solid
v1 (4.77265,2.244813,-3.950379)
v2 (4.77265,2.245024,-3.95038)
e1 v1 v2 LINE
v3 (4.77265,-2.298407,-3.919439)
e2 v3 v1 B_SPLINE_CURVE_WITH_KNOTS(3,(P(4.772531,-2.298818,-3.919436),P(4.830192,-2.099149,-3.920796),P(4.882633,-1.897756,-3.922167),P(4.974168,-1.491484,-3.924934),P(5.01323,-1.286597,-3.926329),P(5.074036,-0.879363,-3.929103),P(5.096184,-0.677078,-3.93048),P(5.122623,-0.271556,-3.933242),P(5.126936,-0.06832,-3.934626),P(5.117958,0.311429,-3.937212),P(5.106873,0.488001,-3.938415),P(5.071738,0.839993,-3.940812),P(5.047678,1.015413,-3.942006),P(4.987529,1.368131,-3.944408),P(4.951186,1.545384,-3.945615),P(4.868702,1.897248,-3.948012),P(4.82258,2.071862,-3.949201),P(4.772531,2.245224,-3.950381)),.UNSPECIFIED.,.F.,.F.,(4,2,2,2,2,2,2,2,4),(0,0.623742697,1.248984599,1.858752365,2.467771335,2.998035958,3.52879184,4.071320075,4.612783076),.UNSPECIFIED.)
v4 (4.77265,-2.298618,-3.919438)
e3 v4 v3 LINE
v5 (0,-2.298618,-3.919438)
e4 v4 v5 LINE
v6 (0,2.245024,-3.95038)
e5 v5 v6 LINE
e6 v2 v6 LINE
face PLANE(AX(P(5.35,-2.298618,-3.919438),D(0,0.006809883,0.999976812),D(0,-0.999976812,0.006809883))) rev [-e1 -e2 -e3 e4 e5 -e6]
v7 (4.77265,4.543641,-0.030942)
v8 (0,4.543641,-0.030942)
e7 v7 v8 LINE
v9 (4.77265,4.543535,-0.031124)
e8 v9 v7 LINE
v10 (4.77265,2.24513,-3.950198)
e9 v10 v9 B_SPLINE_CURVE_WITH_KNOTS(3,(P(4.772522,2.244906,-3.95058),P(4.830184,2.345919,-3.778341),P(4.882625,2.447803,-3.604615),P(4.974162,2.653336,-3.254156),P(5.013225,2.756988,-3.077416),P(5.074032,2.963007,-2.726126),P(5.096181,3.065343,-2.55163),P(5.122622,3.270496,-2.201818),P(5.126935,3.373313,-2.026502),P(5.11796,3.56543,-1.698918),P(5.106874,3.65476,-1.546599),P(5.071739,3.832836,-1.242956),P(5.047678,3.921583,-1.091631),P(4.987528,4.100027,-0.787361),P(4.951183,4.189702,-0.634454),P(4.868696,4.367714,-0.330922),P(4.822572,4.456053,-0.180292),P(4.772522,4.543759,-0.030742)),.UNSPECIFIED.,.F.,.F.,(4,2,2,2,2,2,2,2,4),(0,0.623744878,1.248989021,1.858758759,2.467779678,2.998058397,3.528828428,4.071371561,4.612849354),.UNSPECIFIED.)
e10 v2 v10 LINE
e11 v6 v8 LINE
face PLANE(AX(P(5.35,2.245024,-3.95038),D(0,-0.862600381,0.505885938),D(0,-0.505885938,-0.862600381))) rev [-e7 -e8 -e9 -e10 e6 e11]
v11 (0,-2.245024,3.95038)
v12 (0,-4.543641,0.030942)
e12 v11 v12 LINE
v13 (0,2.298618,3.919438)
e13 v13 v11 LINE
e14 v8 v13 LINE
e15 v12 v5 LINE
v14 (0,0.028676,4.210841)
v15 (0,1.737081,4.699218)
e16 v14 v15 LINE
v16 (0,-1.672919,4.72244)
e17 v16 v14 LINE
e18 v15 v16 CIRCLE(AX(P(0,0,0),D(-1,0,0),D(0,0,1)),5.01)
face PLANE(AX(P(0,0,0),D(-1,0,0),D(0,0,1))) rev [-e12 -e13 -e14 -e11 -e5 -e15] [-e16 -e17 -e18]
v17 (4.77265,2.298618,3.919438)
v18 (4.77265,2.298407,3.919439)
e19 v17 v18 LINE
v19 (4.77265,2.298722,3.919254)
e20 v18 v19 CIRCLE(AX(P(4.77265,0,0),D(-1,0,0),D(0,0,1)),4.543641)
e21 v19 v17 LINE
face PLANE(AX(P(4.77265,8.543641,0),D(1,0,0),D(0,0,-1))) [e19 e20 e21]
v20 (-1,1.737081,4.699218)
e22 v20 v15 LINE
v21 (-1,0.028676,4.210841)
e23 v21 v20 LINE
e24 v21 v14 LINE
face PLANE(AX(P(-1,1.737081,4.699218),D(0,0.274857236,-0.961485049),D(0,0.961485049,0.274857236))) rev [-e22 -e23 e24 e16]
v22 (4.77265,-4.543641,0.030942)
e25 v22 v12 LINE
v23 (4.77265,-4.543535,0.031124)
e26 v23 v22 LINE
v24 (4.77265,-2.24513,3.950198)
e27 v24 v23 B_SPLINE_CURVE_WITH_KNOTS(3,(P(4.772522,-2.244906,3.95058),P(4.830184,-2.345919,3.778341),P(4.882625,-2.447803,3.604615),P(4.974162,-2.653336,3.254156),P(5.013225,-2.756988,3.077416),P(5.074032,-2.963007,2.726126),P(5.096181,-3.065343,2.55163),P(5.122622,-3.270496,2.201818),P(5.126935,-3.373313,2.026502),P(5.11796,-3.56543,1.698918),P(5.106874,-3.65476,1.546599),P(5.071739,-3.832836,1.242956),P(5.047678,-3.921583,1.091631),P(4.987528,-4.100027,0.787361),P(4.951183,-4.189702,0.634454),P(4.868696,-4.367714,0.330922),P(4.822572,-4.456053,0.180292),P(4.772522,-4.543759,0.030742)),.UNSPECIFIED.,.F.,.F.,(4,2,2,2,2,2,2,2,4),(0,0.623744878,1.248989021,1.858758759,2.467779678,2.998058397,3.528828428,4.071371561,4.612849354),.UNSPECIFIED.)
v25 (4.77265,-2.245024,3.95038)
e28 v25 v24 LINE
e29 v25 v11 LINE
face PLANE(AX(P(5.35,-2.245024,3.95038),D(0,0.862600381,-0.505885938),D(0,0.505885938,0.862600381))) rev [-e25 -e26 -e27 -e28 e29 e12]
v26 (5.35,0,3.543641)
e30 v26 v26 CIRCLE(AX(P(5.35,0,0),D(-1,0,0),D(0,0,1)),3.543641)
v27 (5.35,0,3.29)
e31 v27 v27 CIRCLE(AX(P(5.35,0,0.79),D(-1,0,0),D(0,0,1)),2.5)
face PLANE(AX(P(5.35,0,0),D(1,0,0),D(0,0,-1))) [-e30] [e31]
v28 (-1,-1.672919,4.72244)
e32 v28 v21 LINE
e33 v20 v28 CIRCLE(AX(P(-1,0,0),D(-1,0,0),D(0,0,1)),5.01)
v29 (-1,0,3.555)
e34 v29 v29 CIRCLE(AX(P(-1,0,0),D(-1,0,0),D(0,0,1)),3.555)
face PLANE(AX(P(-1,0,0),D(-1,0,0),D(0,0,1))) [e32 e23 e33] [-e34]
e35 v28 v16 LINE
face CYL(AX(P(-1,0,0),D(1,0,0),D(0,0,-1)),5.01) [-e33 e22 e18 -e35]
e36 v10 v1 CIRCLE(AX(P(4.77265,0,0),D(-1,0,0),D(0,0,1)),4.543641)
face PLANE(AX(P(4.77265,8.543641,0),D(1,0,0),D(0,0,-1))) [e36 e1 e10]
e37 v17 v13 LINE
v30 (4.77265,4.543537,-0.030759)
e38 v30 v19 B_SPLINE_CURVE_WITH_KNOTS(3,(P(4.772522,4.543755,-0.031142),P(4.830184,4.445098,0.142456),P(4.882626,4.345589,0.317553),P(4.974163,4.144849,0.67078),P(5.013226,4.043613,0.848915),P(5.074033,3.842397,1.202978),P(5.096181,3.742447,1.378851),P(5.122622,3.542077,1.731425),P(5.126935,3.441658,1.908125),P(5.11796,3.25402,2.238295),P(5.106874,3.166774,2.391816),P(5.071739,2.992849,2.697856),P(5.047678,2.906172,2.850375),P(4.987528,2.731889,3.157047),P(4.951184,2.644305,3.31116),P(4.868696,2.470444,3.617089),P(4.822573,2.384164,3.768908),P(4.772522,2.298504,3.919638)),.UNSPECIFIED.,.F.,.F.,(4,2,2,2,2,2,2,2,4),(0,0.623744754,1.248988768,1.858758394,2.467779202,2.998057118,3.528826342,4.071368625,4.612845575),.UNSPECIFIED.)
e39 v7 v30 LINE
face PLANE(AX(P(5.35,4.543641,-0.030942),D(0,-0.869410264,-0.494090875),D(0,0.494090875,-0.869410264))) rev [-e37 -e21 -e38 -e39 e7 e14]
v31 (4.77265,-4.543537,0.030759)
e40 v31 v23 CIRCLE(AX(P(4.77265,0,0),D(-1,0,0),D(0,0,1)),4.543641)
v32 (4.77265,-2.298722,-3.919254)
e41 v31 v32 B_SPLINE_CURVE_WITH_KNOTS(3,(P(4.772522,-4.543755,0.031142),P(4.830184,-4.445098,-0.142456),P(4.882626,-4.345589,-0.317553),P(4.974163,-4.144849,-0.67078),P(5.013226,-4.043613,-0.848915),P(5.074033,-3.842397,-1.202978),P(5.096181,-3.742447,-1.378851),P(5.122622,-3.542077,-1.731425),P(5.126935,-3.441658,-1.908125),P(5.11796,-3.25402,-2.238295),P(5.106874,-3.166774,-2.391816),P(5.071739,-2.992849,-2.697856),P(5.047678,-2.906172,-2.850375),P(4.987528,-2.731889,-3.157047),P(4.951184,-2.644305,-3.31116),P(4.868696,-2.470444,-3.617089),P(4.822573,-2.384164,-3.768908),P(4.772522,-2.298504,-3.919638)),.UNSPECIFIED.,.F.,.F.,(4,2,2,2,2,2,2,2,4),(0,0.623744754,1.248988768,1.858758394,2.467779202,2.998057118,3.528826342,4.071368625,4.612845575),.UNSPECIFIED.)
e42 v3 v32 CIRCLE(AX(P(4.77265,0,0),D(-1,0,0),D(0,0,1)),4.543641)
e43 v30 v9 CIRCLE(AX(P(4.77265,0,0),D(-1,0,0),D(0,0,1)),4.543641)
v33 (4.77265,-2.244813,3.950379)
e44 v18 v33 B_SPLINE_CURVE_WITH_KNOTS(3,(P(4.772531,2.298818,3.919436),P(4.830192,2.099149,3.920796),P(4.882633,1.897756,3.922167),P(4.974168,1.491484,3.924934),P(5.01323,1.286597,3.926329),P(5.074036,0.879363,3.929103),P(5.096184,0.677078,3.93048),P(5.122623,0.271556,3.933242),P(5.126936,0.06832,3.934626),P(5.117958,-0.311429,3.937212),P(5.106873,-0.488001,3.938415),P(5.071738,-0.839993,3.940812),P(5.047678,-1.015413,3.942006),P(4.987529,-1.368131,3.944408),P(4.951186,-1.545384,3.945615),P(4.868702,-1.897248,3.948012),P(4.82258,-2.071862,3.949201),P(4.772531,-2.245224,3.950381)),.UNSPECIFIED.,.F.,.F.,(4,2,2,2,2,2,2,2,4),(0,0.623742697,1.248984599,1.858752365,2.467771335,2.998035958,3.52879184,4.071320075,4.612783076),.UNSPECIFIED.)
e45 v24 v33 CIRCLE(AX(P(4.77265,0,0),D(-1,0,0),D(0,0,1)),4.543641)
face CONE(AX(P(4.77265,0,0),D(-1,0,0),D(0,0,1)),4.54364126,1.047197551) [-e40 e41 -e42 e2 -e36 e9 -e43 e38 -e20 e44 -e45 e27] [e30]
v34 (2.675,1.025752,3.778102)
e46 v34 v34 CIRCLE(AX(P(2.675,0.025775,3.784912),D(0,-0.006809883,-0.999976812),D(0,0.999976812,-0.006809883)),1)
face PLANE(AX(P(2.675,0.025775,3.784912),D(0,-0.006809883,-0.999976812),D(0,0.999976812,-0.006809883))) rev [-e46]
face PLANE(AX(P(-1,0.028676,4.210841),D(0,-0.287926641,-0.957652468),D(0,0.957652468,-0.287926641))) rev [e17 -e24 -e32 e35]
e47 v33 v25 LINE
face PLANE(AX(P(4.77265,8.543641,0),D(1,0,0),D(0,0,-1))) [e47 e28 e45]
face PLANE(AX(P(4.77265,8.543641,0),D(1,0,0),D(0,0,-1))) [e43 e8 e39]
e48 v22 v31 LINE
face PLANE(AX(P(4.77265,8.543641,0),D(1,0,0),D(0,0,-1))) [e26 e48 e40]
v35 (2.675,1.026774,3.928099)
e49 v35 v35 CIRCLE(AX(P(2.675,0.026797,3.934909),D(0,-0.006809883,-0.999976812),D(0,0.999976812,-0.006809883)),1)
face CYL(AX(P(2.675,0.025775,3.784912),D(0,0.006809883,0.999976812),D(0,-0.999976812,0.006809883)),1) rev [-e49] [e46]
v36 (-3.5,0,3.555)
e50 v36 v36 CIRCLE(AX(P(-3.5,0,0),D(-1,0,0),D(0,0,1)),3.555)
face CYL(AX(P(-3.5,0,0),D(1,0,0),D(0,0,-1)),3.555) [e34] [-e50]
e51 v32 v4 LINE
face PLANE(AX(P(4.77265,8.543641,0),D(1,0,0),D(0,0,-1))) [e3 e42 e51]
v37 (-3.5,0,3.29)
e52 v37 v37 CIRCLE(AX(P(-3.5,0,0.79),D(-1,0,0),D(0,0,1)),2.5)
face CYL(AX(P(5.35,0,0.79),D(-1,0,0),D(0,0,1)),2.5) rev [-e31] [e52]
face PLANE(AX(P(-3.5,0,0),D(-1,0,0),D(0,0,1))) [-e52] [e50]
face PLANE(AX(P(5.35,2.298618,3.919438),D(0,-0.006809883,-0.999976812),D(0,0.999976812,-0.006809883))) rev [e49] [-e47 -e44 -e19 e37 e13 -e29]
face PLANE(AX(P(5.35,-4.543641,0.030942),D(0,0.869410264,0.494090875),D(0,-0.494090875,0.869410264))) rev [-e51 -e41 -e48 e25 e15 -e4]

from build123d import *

# Parameters (mm, degrees)
BOSS_EXTRUDE1_DEPTH = 5.35
BOSS_EXTRUDE3_DEPTH = 1
SKETCH4_R           = 3.555
BOSS_EXTRUDE4_DEPTH = 2.5
SKETCH5_R           = 1
CUT_EXTRUDE3_DEPTH  = 0.15
SKETCH3_R           = 2.5
CUT_EXTRUDE5_DEPTH  = 9.85


with BuildPart() as part:
    # Sketch2 → Boss-Extrude1 (new body)
    with BuildSketch(Plane(origin=(0, 0, 0), x_dir=(0, 0, -1), z_dir=(1, 0, 0))):
        Polygon((3.919437566, -2.29861752), (3.950379949, 2.245023741), (0.030942383, 4.54364126), (-3.919437566, 2.29861752), (-3.950379949, -2.245023741), (-0.030942383, -4.54364126), align=None)
    extrude(amount=BOSS_EXTRUDE1_DEPTH)

    # Sketch6 → Boss-Extrude3 (add)
    with BuildSketch(Plane.ZY):
        with BuildLine():
            Line((4.699218, 1.737080939), (4.210840713, 0.028675997))
            Line((4.210840713, 0.028675997), (4.722440239, -1.672919061))
            ThreePointArc((4.722440239, -1.672919061), (-5.009883831, -0.034117514), (4.699218, 1.737080939))
        make_face()
    extrude(amount=BOSS_EXTRUDE3_DEPTH)

    # Sketch4 → Boss-Extrude4 (add)
    with BuildSketch(Plane.ZY.offset(1)):
        Circle(SKETCH4_R)
    extrude(amount=BOSS_EXTRUDE4_DEPTH)

    # Sketch5 → Cut-Extrude3 (cut)
    with BuildSketch(Plane(origin=(0, 0.02679689, 3.934908757), x_dir=(1, 0, 0), z_dir=(0, -0.006809883, -0.999976812))):
        with Locations((2.675, 0)):
            Circle(SKETCH5_R)
    extrude(amount=CUT_EXTRUDE3_DEPTH, mode=Mode.SUBTRACT)

    # Sketch3 → Cut-Extrude5 (cut, through all)
    with BuildSketch(Plane.ZY.offset(3.5)):
        with Locations((0.79, 0)):
            Circle(SKETCH3_R)
    extrude(amount=-CUT_EXTRUDE5_DEPTH, mode=Mode.SUBTRACT)

    # Sketch7 → Cut-Revolve1 (revolve, cut)
    with BuildSketch(Plane.XY):
        Polygon((4.772649731, 4.54364126), (5.35, 3.54364126), (9.772649731, 3.54364126), (9.772649731, 8.54364126), (4.772649731, 8.54364126), align=None)
    revolve(axis=Axis((0, 0, 0), (1, 0, 0)), mode=Mode.SUBTRACT)


solid = part.part
